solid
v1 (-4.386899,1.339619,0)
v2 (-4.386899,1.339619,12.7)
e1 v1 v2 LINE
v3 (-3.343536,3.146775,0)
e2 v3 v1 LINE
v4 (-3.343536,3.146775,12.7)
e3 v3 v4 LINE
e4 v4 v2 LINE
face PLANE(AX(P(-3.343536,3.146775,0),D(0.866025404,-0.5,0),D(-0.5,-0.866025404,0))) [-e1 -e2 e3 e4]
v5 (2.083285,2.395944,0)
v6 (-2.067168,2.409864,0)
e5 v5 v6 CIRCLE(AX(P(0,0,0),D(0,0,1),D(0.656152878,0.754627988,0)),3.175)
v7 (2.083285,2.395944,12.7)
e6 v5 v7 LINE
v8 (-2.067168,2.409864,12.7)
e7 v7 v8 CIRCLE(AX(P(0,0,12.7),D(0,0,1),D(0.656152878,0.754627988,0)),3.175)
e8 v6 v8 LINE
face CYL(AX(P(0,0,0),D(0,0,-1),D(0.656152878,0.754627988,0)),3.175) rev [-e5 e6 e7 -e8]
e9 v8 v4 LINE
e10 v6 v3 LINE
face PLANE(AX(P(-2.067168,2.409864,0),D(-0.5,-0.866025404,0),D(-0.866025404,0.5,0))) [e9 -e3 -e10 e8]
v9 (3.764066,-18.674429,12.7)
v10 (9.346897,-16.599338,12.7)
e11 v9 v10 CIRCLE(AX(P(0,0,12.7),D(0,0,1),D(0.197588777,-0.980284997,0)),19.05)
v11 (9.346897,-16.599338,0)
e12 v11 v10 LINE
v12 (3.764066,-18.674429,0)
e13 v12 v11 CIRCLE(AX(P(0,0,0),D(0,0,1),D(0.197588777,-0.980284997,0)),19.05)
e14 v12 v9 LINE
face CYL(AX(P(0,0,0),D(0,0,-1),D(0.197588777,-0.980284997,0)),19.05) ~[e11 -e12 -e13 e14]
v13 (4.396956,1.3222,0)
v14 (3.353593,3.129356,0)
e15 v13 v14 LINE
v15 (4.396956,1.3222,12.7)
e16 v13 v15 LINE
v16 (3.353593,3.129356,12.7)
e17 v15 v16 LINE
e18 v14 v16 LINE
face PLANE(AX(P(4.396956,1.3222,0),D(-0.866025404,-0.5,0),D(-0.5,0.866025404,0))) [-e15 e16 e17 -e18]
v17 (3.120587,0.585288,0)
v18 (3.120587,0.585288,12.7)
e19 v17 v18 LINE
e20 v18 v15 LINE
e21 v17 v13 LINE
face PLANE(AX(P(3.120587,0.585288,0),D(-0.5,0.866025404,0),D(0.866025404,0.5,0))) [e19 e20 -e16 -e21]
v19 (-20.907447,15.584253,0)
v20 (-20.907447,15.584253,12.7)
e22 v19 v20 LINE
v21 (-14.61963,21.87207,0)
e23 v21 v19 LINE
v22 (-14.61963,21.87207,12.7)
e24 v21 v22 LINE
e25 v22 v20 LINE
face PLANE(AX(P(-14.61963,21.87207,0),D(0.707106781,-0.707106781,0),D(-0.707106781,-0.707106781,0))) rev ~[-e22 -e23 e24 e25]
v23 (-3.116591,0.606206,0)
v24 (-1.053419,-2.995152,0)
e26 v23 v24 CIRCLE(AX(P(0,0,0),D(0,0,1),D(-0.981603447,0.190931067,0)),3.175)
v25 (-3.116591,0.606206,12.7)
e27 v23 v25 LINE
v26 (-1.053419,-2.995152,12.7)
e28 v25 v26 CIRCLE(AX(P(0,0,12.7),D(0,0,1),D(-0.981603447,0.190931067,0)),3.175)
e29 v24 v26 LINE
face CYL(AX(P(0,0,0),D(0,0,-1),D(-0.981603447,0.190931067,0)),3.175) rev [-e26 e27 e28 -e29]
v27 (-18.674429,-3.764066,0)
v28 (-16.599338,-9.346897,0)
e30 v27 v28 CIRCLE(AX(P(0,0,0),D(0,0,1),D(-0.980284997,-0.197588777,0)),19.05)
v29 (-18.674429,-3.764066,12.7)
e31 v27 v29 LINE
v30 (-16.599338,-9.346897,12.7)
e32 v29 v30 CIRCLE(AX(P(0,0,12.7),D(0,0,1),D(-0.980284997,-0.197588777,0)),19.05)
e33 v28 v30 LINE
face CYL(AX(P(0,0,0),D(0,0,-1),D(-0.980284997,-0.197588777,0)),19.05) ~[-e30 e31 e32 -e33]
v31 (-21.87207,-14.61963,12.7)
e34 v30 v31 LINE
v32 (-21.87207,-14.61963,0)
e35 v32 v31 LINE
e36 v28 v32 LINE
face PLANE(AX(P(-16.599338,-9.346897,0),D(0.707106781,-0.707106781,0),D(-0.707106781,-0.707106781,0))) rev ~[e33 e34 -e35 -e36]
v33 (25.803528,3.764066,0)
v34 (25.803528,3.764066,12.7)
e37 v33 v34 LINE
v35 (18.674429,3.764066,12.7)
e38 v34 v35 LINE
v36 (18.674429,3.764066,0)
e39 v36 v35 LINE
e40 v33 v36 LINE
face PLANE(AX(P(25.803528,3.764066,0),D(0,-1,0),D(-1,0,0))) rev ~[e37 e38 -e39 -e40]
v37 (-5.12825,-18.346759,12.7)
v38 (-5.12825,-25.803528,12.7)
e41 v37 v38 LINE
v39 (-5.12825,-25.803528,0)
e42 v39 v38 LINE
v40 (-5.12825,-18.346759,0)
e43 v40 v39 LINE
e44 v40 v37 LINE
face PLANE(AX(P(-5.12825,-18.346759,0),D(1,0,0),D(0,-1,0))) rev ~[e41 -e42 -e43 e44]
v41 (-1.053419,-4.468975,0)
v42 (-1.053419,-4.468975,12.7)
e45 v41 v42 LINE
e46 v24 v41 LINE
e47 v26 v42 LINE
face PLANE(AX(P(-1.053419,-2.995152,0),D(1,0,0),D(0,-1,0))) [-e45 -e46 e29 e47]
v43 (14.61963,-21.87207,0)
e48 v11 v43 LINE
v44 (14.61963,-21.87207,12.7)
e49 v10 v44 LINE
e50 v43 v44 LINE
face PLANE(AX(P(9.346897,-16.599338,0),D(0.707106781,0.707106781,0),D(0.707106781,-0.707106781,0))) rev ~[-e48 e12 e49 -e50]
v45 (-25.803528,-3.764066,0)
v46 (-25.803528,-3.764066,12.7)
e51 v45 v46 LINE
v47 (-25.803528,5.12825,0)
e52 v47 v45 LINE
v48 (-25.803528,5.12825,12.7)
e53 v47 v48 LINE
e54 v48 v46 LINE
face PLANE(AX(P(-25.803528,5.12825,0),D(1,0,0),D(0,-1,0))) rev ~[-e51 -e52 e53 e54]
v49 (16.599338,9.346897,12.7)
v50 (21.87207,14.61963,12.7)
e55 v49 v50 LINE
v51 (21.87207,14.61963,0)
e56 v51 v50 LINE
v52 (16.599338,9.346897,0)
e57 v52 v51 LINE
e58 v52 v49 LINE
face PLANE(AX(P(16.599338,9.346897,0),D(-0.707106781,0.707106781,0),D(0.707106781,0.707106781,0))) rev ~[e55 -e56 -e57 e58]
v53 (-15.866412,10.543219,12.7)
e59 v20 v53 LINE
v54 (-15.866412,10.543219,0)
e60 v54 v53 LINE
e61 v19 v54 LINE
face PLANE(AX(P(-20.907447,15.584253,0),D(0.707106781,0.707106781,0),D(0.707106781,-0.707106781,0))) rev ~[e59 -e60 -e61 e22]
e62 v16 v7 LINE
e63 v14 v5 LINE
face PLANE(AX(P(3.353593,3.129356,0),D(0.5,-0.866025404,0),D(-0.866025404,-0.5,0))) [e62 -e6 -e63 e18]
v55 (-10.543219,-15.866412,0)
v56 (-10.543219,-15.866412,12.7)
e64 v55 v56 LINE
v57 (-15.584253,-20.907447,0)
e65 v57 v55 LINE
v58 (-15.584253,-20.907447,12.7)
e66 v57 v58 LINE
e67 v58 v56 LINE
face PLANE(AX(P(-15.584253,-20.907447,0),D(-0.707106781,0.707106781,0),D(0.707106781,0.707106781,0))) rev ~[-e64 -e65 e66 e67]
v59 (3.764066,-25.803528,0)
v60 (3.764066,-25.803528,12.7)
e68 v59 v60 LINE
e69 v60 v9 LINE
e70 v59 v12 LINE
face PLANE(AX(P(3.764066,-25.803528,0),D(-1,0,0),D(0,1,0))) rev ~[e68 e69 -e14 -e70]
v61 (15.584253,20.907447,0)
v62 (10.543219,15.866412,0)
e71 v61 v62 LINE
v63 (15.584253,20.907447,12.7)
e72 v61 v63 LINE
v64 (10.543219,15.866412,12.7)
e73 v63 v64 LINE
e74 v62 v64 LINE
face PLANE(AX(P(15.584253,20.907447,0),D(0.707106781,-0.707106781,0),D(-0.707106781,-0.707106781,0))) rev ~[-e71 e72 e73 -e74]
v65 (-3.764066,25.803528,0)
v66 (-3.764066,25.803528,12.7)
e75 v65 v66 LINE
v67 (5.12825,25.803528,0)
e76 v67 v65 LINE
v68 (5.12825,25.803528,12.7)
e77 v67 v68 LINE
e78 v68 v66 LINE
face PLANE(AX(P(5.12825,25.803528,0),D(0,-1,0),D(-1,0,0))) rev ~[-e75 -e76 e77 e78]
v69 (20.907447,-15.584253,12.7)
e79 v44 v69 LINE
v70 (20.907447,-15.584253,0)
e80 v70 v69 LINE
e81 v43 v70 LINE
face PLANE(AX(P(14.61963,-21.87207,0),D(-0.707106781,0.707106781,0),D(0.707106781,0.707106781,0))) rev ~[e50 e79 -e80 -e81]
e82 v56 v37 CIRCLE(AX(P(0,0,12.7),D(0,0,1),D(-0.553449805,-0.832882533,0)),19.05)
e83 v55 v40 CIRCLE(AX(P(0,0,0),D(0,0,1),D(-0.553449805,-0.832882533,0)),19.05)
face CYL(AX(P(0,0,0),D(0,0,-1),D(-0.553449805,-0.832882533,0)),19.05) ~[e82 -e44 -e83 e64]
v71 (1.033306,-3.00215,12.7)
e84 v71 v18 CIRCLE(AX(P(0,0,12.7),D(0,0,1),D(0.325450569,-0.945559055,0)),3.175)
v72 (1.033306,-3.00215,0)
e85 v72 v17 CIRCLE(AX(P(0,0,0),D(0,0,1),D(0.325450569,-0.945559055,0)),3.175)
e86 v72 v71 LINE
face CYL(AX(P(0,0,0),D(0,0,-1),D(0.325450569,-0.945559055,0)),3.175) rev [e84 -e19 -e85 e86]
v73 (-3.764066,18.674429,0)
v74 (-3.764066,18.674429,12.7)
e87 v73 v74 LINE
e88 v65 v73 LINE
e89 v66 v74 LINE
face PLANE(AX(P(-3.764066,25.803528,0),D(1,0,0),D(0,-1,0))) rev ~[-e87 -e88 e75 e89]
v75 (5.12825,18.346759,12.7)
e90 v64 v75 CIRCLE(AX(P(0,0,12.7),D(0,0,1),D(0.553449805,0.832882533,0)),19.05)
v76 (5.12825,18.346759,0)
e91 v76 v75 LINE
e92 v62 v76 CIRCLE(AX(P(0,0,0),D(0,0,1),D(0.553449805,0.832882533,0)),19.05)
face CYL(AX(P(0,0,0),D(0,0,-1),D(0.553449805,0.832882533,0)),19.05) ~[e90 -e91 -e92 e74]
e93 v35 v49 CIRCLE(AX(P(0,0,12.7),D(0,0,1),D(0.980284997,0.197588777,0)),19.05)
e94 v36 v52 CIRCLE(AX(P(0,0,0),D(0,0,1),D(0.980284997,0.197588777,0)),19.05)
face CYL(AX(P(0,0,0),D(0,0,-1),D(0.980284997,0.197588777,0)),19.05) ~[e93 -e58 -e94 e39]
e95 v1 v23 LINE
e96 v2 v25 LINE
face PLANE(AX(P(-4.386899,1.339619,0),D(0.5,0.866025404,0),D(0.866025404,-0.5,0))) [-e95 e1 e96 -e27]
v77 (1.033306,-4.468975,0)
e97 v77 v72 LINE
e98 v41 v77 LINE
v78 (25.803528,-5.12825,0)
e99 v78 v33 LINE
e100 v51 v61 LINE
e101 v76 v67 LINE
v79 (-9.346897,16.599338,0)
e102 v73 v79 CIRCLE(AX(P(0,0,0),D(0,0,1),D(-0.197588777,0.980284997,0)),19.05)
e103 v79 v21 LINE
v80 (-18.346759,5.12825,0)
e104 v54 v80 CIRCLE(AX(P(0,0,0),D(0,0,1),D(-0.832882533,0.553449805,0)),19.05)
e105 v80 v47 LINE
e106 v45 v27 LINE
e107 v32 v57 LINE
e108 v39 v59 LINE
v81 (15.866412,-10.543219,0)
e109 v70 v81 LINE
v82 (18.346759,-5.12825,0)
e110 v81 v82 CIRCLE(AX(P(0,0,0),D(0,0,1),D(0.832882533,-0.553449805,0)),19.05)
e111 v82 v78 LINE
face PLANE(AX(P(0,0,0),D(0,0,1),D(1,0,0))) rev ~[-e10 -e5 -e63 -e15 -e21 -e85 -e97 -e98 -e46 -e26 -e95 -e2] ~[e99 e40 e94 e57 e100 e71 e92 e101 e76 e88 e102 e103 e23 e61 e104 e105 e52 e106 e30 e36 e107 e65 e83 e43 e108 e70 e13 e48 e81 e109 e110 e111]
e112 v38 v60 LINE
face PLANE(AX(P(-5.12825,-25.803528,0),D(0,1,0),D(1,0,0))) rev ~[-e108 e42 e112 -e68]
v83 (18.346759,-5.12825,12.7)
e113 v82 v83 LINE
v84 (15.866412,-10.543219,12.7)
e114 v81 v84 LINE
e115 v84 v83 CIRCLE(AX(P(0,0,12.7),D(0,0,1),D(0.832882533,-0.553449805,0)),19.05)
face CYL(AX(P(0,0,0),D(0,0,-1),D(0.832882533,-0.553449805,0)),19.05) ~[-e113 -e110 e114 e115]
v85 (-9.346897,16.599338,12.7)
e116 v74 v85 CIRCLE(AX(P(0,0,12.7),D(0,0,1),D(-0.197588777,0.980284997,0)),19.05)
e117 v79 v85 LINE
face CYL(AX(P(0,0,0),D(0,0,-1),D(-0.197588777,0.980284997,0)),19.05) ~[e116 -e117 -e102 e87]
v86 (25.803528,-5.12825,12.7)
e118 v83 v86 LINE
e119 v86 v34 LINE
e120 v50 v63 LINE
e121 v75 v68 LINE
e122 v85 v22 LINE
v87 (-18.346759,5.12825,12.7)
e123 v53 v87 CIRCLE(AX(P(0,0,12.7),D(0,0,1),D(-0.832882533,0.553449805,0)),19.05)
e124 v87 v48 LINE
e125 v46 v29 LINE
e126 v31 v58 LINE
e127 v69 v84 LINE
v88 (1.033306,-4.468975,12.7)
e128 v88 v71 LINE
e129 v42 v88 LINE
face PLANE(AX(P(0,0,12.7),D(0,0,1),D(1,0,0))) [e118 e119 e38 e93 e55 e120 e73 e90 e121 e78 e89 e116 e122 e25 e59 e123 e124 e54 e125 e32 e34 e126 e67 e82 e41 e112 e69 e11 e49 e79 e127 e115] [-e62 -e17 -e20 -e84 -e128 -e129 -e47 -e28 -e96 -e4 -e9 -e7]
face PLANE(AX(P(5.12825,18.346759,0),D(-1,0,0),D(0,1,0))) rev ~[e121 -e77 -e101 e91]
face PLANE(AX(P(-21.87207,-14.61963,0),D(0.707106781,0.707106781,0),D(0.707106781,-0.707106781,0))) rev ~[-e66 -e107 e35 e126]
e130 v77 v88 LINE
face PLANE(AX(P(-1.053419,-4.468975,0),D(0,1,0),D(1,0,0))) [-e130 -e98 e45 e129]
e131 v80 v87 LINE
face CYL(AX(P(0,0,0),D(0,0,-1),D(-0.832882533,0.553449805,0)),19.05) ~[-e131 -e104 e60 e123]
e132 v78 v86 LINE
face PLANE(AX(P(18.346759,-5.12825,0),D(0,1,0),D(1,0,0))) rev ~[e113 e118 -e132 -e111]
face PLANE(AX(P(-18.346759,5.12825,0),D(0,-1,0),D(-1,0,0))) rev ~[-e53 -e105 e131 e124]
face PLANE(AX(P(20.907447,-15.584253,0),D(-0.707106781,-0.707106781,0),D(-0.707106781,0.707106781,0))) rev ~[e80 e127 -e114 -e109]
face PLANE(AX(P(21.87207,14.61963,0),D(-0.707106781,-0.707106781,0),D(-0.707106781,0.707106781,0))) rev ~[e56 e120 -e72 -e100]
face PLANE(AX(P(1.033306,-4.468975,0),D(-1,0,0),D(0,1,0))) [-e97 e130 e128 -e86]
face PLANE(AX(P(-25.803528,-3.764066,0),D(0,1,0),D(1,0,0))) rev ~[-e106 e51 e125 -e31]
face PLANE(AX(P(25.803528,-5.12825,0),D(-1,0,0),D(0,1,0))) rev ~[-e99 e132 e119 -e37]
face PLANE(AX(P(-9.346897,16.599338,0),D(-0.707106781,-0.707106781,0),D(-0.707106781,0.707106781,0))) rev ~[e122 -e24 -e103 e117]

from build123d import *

# Parameters (mm, degrees)
EXTRUSION2_DEPTH = 12.7


with BuildPart() as part:
    # Sketch1 → Extrusion2 (new body)
    with BuildSketch(Plane.XY):
        with BuildLine():
            Line((15.584253212, 20.907446686), (10.543218779, 15.866412253))
            ThreePointArc((10.543218779, 15.866412253), (7.93326935, 17.319518972), (5.128249951, 18.346758636))
            Line((5.128249951, 18.346758636), (5.128249951, 25.803528454))
            Line((5.128249951, 25.803528454), (-3.764066203, 25.803528454))
            Line((-3.764066203, 25.803528454), (-3.764066203, 18.674429191))
            ThreePointArc((-3.764066203, 18.674429191), (-6.637080757, 17.856417866), (-9.346897128, 16.59933776))
            Line((-9.346897128, 16.59933776), (-14.619629632, 21.872070265))
            Line((-14.619629632, 21.872070265), (-20.907446686, 15.584253212))
            Line((-20.907446686, 15.584253212), (-15.866412253, 10.543218779))
            ThreePointArc((-15.866412253, 10.543218779), (-17.319518972, 7.93326935), (-18.346758636, 5.128249951))
            Line((-18.346758636, 5.128249951), (-25.803528454, 5.128249951))
            Line((-25.803528454, 5.128249951), (-25.803528454, -3.764066203))
            Line((-25.803528454, -3.764066203), (-18.674429191, -3.764066203))
            ThreePointArc((-18.674429191, -3.764066203), (-17.856417866, -6.637080757), (-16.59933776, -9.346897128))
            Line((-16.59933776, -9.346897128), (-21.872070265, -14.619629632))
            Line((-21.872070265, -14.619629632), (-15.584253212, -20.907446686))
            Line((-15.584253212, -20.907446686), (-10.543218779, -15.866412253))
            ThreePointArc((-10.543218779, -15.866412253), (-7.93326935, -17.319518972), (-5.128249951, -18.346758636))
            Line((-5.128249951, -18.346758636), (-5.128249951, -25.803528454))
            Line((-5.128249951, -25.803528454), (3.764066203, -25.803528454))
            Line((3.764066203, -25.803528454), (3.764066203, -18.674429191))
            ThreePointArc((3.764066203, -18.674429191), (6.637080757, -17.856417866), (9.346897128, -16.59933776))
            Line((9.346897128, -16.59933776), (14.619629632, -21.872070265))
            Line((14.619629632, -21.872070265), (20.907446686, -15.584253212))
            Line((20.907446686, -15.584253212), (15.866412253, -10.543218779))
            ThreePointArc((15.866412253, -10.543218779), (17.319518972, -7.93326935), (18.346758636, -5.128249951))
            Line((18.346758636, -5.128249951), (25.803528454, -5.128249951))
            Line((25.803528454, -5.128249951), (25.803528454, 3.764066203))
            Line((25.803528454, 3.764066203), (18.674429191, 3.764066203))
            ThreePointArc((18.674429191, 3.764066203), (17.856417866, 6.637080757), (16.59933776, 9.346897128))
            Line((16.59933776, 9.346897128), (21.872070265, 14.619629632))
            Line((21.872070265, 14.619629632), (15.584253212, 20.907446686))
        make_face()
        with BuildLine():
            ThreePointArc((-3.116590945, 0.606206137), (-2.754939335, -1.578269388), (-1.053419361, -2.995151524))
            Line((-1.053419361, -2.995151524), (-1.053419361, -4.468974981))
            Line((-1.053419361, -4.468974981), (1.033305558, -4.468974981))
            Line((1.033305558, -4.468974981), (1.033305558, -3.00215))
            ThreePointArc((1.033305558, -3.00215), (2.744291052, -1.596712756), (3.120586988, 0.585287835))
            Line((3.120586988, 0.585287835), (4.396955543, 1.322199563))
            Line((4.396955543, 1.322199563), (3.353593084, 3.129356353))
            Line((3.353593084, 3.129356353), (2.083285387, 2.395943863))
            ThreePointArc((2.083285387, 2.395943863), (0.010648283, 3.174982144), (-2.067167627, 2.409863689))
            Line((-2.067167627, 2.409863689), (-3.343536182, 3.146775418))
            Line((-3.343536182, 3.146775418), (-4.386898641, 1.339618628))
            Line((-4.386898641, 1.339618628), (-3.116590945, 0.606206137))
        make_face(mode=Mode.SUBTRACT)
    extrude(amount=EXTRUSION2_DEPTH)


solid = part.part
